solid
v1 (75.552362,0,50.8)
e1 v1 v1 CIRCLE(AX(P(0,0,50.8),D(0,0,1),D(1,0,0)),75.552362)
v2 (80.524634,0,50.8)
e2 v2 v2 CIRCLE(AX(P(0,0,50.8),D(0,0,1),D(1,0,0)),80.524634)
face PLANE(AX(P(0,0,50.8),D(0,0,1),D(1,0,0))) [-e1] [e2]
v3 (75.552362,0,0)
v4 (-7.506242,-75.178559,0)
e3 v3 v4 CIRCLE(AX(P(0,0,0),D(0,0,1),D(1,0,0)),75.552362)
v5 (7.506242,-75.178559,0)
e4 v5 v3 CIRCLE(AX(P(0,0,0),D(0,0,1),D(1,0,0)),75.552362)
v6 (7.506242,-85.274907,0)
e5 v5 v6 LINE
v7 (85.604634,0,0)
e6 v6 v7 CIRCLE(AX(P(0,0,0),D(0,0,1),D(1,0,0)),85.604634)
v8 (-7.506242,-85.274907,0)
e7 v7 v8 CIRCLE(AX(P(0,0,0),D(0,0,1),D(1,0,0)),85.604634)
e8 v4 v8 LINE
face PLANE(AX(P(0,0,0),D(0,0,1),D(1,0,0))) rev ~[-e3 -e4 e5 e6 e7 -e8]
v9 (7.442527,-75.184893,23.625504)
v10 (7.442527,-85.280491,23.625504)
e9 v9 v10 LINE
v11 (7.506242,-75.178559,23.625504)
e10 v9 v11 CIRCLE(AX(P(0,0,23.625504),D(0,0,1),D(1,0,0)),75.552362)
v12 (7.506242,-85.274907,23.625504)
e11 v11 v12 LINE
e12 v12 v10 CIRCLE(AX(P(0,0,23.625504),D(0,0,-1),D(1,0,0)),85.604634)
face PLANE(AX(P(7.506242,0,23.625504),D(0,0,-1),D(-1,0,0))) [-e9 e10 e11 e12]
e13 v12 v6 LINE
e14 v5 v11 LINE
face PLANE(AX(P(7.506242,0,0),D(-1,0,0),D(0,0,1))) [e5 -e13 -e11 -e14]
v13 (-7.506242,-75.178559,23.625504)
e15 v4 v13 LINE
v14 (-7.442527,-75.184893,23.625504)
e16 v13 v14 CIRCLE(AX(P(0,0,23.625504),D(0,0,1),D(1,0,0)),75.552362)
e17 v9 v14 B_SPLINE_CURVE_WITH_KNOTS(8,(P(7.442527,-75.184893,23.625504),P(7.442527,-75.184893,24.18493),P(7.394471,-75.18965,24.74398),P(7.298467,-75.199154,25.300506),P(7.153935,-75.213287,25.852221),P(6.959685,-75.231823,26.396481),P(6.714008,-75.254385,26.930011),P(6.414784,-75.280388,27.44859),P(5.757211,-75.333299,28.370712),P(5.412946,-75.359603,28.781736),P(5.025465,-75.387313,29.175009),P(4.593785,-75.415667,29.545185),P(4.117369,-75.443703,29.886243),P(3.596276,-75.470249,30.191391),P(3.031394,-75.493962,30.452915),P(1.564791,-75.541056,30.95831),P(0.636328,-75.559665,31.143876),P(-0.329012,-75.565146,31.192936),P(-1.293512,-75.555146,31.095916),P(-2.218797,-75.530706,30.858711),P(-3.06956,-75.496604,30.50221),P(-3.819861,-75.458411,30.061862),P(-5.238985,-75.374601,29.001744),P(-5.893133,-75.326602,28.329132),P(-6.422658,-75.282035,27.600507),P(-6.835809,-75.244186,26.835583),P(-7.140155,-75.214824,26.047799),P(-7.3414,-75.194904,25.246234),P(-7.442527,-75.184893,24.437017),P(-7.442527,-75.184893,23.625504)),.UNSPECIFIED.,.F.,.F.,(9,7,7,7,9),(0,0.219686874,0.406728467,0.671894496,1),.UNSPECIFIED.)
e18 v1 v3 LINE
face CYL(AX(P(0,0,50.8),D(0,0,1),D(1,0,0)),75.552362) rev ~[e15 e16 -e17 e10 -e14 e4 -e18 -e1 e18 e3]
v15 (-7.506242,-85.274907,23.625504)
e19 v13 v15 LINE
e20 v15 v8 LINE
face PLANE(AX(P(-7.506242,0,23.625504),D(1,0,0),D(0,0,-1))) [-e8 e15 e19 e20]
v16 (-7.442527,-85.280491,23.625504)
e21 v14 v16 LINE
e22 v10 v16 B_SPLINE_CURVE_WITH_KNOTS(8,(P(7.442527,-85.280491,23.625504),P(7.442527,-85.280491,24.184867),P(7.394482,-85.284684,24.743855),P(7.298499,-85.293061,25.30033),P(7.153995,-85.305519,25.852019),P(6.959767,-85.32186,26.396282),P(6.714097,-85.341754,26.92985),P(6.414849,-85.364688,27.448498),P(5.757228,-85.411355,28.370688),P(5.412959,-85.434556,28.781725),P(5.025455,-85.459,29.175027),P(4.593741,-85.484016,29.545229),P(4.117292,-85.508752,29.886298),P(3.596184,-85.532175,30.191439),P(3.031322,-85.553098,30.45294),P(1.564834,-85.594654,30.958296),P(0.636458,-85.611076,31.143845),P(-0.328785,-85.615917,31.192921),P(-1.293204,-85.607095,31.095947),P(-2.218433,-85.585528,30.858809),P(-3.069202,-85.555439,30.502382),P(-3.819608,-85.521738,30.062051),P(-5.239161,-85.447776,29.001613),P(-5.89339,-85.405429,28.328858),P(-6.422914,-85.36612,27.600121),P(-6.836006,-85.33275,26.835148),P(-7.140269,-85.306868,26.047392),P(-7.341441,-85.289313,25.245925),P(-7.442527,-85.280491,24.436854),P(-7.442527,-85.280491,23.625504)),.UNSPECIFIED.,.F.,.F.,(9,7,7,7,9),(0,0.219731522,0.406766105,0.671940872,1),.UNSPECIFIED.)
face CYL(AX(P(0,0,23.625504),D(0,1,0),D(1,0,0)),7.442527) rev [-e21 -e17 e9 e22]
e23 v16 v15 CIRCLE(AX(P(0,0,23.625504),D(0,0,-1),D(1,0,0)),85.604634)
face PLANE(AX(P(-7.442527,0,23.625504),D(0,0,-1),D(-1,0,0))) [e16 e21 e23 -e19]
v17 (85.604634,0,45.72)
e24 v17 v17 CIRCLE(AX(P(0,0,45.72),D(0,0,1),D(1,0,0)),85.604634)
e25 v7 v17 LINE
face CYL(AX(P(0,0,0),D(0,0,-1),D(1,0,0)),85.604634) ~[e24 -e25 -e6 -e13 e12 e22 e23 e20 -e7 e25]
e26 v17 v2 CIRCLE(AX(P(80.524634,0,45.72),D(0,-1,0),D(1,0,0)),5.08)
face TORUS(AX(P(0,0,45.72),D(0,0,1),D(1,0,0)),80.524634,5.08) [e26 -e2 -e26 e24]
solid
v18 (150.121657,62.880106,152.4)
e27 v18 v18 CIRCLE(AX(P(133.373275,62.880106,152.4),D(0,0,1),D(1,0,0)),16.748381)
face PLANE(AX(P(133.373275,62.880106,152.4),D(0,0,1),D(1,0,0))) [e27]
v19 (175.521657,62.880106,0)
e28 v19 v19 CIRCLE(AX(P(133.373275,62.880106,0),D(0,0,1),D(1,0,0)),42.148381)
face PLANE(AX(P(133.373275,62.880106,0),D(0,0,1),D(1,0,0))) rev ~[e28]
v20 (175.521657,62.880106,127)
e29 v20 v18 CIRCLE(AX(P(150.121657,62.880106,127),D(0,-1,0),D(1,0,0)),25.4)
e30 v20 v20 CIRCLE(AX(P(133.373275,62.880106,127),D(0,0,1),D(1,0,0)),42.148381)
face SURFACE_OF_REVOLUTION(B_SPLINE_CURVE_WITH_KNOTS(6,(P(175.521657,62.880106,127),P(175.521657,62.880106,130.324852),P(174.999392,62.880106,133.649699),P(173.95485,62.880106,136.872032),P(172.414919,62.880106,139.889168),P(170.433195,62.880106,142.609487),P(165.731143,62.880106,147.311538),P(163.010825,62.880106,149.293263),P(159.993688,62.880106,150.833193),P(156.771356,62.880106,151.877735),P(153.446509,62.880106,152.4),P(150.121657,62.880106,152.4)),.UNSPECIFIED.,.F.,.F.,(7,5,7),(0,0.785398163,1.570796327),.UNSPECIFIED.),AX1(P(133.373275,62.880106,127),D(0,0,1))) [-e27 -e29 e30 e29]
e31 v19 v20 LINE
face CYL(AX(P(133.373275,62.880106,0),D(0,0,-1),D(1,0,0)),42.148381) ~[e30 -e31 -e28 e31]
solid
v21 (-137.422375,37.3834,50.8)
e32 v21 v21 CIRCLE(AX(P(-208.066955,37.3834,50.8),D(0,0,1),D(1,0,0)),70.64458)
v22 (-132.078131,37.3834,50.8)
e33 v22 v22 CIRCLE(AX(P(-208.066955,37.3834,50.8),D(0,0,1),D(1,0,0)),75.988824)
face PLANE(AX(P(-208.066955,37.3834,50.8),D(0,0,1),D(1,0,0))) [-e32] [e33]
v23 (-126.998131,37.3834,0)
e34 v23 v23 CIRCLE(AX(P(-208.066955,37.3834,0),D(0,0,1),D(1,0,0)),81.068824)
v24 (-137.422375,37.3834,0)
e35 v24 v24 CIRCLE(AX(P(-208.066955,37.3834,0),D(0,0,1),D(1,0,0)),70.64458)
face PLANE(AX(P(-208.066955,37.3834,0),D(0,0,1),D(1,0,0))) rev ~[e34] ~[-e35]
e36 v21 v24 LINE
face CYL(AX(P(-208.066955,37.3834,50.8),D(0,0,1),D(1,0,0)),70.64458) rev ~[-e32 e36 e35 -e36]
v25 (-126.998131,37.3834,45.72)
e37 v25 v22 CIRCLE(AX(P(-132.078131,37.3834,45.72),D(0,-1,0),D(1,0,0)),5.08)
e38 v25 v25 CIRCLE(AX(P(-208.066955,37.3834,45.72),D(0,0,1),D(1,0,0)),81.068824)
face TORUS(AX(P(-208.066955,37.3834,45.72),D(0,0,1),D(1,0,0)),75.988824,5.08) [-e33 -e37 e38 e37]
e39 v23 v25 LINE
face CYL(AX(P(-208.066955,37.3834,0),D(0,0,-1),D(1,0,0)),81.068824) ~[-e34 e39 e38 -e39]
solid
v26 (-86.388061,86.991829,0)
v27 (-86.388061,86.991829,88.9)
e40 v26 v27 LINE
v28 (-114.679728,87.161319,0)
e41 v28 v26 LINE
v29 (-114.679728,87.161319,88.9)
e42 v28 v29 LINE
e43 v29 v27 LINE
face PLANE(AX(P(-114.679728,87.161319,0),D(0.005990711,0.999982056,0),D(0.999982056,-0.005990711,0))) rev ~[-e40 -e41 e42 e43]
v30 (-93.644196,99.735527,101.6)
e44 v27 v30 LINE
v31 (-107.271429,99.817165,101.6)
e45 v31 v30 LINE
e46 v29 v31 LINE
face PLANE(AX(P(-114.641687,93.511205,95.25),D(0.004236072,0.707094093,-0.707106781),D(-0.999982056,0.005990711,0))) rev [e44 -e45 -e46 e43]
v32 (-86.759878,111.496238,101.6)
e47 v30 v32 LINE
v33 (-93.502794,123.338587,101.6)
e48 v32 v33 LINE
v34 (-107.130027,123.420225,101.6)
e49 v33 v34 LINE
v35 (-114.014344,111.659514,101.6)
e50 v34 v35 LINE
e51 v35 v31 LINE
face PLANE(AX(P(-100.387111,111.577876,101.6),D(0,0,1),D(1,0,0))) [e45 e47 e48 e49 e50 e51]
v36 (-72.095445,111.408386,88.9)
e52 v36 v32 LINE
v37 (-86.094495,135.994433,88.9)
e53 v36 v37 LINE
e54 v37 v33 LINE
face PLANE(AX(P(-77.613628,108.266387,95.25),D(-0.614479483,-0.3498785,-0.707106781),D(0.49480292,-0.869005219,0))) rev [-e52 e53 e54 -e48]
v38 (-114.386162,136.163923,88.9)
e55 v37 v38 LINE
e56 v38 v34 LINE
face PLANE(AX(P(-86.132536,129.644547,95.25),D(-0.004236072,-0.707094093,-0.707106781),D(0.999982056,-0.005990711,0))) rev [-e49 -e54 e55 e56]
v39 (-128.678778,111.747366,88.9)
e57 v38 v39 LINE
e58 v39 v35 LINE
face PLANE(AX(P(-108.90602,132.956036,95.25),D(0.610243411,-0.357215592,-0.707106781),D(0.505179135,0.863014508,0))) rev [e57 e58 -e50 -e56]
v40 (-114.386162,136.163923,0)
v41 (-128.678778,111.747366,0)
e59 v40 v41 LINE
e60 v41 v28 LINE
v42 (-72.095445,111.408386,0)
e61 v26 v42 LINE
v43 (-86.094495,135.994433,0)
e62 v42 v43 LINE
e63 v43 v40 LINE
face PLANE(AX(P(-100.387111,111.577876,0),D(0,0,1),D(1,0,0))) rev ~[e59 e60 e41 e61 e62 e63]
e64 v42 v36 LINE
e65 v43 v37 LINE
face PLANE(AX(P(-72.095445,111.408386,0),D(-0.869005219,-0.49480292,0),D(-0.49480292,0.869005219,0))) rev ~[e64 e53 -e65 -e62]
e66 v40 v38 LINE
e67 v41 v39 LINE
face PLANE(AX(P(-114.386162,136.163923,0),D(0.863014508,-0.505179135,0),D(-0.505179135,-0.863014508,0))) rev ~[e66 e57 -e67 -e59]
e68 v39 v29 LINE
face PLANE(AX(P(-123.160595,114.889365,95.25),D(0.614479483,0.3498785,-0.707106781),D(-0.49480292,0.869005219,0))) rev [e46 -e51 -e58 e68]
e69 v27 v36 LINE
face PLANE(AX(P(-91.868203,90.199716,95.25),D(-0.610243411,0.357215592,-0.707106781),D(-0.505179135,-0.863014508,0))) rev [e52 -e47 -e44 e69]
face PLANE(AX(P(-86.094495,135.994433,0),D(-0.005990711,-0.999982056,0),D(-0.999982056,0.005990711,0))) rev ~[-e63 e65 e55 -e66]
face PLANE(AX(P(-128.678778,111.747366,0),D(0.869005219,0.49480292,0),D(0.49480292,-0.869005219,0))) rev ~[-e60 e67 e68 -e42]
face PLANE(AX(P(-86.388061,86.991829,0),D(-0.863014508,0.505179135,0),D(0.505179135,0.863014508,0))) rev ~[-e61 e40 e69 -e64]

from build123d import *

# Parameters (mm, degrees)
F0_R      = 85.6046340439
F1_DEPTH  = 50.8
F2_R      = 5.08
F3_R      = 75.5523616999
F4_DEPTH  = 50.8
F6_DEPTH  = 101.6
F7_R      = 42.1483813128
F8_DEPTH  = 152.4
F9_R      = 25.4
F10_R     = 81.0688238491
F11_DEPTH = 50.8
F12_R     = 5.08
F13_R     = 70.6445797899
F14_DEPTH = 50.8
F16_DEPTH = 101.6
F17_SIZE  = 12.7


with BuildPart() as f1:
    # F0 (on Top) → F1 (new body)
    with BuildSketch(Plane.XY):
        Circle(F0_R)
    extrude(amount=F1_DEPTH)

    # F2
    f2_edges = [f1.edges().sort_by_distance(p)[0] for p in [
        (-85.604634, 0, 50.8),
    ]]
    fillet(f2_edges, radius=F2_R)

    # F3 (on face) → F4 (cut)
    with BuildSketch(Plane.XY.offset(50.8)):
        Circle(F3_R)
    extrude(amount=-F4_DEPTH, mode=Mode.SUBTRACT)

    # F5 (on Front) → F6 (cut)
    with BuildSketch(Plane.XZ):
        with BuildLine():
            Line((-7.5062415563, 23.6255042255), (-7.5062415563, 0))
            Line((-7.5062415563, 0), (7.5062415563, 0))
            Line((7.5062415563, 0), (7.5062415563, 23.6255042255))
            Line((7.5062415563, 23.6255042255), (7.4425271825, 23.6255042255))
            ThreePointArc((7.4425271825, 23.6255042255), (0, 16.182977043), (-7.4425271825, 23.6255042255))
            Line((-7.4425271825, 23.6255042255), (-7.5062415563, 23.6255042255))
        make_face()
        with BuildLine():
            ThreePointArc((7.4425271825, 23.6255042255), (0, 31.068031408), (-7.4425271825, 23.6255042255))
            Line((-7.4425271825, 23.6255042255), (7.4425271825, 23.6255042255))
        make_face()
        with BuildLine():
            Line((7.4425271825, 23.6255042255), (-7.4425271825, 23.6255042255))
            ThreePointArc((-7.4425271825, 23.6255042255), (0, 16.182977043), (7.4425271825, 23.6255042255))
        make_face()
    extrude(amount=F6_DEPTH, mode=Mode.SUBTRACT)


with BuildPart() as f8:
    # F7 (on Top) → F8 (new body)
    with BuildSketch(Plane.XY):
        with Locations((133.3732753992, 62.8801062703)):
            Circle(F7_R)
    extrude(amount=F8_DEPTH)

    # F9
    f9_edges = [f8.edges().sort_by_distance(p)[0] for p in [
        (91.224894, 62.880106, 152.4),
    ]]
    fillet(f9_edges, radius=F9_R)


with BuildPart() as f11:
    # F10 (on Top) → F11 (new body)
    with BuildSketch(Plane.XY):
        with Locations((-208.0669552088, 37.3833999038)):
            Circle(F10_R)
    extrude(amount=F11_DEPTH)

    # F12
    f12_edges = [f11.edges().sort_by_distance(p)[0] for p in [
        (-289.135779, 37.3834, 50.8),
    ]]
    fillet(f12_edges, radius=F12_R)

    # F13 (on face) → F14 (cut)
    with BuildSketch(Plane.XY.offset(50.8)):
        with Locations((-208.0669552088, 37.3833999038)):
            Circle(F13_R)
    extrude(amount=-F14_DEPTH, mode=Mode.SUBTRACT)


with BuildPart() as f16:
    # F15 (on Top) → F16 (new body)
    with BuildSketch(Plane.XY):
        Polygon((-114.3861618652, 136.1639231941), (-128.6787781105, 111.7473661402), (-114.6797275515, 87.1613188582), (-86.3880607472, 86.9918286303), (-72.0954445019, 111.4083856842), (-86.0944950609, 135.9944329661), align=None)
    extrude(amount=F16_DEPTH)

    # F17
    f17_edges = [f16.edges().sort_by_distance(p)[0] for p in [
        (-121.53247, 123.955645, 101.6),
        (-121.679253, 99.454342, 101.6),
        (-100.533894, 87.076574, 101.6),
        (-79.241753, 99.200107, 101.6),
        (-79.09497, 123.701409, 101.6),
        (-100.240328, 136.079178, 101.6),
    ]]
    chamfer(f17_edges, length=F17_SIZE)


solid = Compound([f1.part, f8.part, f11.part, f16.part])
